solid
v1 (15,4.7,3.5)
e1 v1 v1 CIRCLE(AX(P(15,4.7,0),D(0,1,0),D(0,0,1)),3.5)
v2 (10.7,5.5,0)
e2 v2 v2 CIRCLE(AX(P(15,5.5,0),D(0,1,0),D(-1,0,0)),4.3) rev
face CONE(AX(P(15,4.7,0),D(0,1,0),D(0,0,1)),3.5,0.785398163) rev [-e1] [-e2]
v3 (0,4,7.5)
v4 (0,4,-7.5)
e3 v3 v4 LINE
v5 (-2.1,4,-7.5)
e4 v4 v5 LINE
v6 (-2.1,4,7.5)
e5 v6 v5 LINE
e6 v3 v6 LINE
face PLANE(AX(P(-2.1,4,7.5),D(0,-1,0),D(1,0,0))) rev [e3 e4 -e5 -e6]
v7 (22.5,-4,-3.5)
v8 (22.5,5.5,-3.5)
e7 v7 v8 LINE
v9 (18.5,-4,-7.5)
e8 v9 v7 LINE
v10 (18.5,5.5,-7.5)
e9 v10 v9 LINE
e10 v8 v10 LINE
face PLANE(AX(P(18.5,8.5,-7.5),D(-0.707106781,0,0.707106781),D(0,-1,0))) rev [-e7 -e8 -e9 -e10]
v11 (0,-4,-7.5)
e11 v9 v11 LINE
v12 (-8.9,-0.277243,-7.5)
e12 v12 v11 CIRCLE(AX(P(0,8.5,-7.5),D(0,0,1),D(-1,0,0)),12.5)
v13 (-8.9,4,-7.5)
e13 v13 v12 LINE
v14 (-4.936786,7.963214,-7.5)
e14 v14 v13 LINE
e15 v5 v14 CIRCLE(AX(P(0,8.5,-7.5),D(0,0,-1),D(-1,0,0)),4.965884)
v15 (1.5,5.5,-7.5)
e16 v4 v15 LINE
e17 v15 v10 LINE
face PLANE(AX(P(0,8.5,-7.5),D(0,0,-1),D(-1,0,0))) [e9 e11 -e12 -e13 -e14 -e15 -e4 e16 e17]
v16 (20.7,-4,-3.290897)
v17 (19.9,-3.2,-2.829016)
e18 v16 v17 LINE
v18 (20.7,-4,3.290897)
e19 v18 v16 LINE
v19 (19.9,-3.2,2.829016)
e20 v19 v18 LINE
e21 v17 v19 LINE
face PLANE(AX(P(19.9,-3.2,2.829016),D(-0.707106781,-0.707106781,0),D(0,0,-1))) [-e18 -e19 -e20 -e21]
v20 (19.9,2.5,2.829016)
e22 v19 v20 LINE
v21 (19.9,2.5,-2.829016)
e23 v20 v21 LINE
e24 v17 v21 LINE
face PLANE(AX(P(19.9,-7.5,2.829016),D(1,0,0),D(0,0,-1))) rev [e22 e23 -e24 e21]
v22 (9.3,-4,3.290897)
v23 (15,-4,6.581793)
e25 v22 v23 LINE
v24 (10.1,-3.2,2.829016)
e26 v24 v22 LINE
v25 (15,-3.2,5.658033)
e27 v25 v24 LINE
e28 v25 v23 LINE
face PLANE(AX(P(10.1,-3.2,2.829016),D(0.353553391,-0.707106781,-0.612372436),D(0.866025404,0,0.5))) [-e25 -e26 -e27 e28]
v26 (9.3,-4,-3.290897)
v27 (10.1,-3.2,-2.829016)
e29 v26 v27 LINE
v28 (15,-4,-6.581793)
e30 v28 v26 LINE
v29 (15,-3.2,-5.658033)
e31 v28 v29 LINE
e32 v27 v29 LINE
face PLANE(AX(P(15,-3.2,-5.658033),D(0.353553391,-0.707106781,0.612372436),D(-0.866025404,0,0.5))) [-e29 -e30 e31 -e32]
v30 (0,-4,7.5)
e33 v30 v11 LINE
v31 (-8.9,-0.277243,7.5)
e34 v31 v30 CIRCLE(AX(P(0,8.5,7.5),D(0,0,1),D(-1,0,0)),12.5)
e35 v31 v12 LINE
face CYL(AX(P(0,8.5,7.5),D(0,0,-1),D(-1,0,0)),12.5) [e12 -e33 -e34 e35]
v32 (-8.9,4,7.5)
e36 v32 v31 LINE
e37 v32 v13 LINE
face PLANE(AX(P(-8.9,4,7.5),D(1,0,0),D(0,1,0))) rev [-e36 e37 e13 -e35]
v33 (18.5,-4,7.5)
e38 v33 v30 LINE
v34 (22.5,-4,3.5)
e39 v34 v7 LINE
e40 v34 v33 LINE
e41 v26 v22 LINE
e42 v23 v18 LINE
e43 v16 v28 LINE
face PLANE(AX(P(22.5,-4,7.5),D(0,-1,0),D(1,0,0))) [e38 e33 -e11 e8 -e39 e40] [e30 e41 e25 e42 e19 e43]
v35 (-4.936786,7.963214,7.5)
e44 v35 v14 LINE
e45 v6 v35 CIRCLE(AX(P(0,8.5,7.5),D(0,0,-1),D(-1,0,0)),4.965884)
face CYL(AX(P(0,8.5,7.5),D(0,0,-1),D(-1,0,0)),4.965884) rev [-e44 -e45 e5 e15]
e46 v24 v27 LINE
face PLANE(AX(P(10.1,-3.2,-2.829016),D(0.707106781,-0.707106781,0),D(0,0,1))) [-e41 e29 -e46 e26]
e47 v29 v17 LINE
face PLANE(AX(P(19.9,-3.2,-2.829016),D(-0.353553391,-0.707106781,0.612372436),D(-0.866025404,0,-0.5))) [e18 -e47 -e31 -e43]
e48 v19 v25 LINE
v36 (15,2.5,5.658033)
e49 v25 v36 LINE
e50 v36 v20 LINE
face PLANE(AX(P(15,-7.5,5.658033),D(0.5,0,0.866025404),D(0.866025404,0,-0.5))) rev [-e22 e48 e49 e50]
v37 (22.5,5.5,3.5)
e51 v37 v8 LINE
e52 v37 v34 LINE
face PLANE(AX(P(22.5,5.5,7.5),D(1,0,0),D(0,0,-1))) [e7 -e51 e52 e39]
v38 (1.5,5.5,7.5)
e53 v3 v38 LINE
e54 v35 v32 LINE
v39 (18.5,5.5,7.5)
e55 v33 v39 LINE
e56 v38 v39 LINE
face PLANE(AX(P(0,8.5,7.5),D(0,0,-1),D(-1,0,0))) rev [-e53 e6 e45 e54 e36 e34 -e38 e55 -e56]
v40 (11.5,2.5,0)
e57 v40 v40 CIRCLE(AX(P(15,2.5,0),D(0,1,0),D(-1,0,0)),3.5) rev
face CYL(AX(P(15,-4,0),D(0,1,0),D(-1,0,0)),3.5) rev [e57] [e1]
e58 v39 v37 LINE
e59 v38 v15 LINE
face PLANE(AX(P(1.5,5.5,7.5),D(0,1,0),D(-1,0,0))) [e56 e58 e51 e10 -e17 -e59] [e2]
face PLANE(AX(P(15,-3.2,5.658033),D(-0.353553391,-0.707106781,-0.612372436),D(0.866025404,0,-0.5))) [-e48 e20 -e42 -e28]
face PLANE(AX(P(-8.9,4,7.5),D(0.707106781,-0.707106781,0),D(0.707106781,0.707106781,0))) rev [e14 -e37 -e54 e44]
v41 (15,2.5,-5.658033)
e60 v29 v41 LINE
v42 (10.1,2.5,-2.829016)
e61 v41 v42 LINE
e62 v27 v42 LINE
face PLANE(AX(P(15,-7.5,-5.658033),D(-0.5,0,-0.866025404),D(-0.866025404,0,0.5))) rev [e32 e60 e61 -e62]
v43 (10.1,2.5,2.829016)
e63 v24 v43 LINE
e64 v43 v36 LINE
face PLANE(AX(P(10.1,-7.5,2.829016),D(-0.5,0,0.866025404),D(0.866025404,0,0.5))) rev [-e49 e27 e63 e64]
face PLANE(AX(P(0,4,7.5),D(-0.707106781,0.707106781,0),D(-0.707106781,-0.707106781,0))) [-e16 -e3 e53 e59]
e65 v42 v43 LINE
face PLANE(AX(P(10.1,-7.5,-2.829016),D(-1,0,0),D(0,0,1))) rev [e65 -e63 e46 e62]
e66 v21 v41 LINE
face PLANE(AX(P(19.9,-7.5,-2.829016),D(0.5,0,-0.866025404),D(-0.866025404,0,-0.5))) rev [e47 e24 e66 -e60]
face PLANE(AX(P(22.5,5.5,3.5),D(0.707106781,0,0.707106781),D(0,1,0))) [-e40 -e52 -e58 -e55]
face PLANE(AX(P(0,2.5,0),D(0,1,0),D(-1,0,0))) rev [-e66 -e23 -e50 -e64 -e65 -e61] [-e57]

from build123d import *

# Parameters (mm, degrees)
SALIENTE_EXTRUIR1_DEPTH = 7.5
SALIENTE_EXTRUIR2_DEPTH = 15
CROQUIS7_R              = 3.5
CORTAR_EXTRUIR4_DEPTH   = 10.5
CORTAR_EXTRUIR5_START   = -3
CORTAR_EXTRUIR5_DEPTH   = 10
CHAFL_N4_SIZE           = 4
CHAFL_N5_SIZE           = 0.8


with BuildPart() as part:
    # Croquis1 → Saliente-Extruir1 (new body, symmetric)
    with BuildSketch(Plane.XY):
        with BuildLine():
            Line((-8.9, 4), (-4.936786437, 7.963213563))
            ThreePointArc((-4.936786437, 7.963213563), (-4.038051049, 5.609646436), (-2.1, 4))
            Line((-2.1, 4), (0, 4))
            Line((0, 4), (0, -4))
            ThreePointArc((0, -4), (-4.823611651, -3.031815583), (-8.9, -0.277243303))
            Line((-8.9, -0.277243303), (-8.9, 4))
        make_face()
    extrude(amount=SALIENTE_EXTRUIR1_DEPTH, both=True)

    # Croquis6 → Saliente-Extruir2 (add, through all)
    with BuildSketch(Plane(origin=(0, 0, -7.5), x_dir=(-1, 0, 0), z_dir=(0, 0, -1))):
        Polygon((0, 4), (-1.5, 5.5), (-22.5, 5.5), (-22.5, -4), (0, -4), align=None)
    extrude(amount=-SALIENTE_EXTRUIR2_DEPTH)

    # Croquis7 → Cortar-Extruir4 (cut, through all)
    with BuildSketch(Plane(origin=(0, 5.5, 0), x_dir=(1, 0, 0), z_dir=(0, 1, 0))):
        with Locations((15, 0)):
            Circle(CROQUIS7_R)
    extrude(amount=-CORTAR_EXTRUIR4_DEPTH, mode=Mode.SUBTRACT)

    # Croquis8 → Cortar-Extruir5 (cut)
    with BuildSketch(Plane(origin=(0, 5.5, 0), x_dir=(1, 0, 0), z_dir=(0, 1, 0)).offset(CORTAR_EXTRUIR5_START)):
        Polygon((15, 5.658032638), (10.1, 2.829016319), (10.1, -2.829016319), (15, -5.658032638), (19.9, -2.829016319), (19.9, 2.829016319), align=None)
    extrude(amount=-CORTAR_EXTRUIR5_DEPTH, mode=Mode.SUBTRACT)

    # Chaflán4
    chafl_n4_edges = [part.edges().sort_by_distance(p)[0] for p in [
        (22.5, 0.75, 7.5),
        (22.5, 0.75, -7.5),
    ]]
    chamfer(chafl_n4_edges, length=CHAFL_N4_SIZE)

    # Chaflán5
    chafl_n5_edges = [part.edges().sort_by_distance(p)[0] for p in [
        (11.5, 5.5, 0),
        (12.55, -4, -4.243524479),
        (10.1, -4, 0),
        (12.55, -4, 4.243524479),
        (17.45, -4, 4.243524479),
        (19.9, -4, 0),
        (17.45, -4, -4.243524479),
    ]]
    chamfer(chafl_n5_edges, length=CHAFL_N5_SIZE)


solid = part.part
